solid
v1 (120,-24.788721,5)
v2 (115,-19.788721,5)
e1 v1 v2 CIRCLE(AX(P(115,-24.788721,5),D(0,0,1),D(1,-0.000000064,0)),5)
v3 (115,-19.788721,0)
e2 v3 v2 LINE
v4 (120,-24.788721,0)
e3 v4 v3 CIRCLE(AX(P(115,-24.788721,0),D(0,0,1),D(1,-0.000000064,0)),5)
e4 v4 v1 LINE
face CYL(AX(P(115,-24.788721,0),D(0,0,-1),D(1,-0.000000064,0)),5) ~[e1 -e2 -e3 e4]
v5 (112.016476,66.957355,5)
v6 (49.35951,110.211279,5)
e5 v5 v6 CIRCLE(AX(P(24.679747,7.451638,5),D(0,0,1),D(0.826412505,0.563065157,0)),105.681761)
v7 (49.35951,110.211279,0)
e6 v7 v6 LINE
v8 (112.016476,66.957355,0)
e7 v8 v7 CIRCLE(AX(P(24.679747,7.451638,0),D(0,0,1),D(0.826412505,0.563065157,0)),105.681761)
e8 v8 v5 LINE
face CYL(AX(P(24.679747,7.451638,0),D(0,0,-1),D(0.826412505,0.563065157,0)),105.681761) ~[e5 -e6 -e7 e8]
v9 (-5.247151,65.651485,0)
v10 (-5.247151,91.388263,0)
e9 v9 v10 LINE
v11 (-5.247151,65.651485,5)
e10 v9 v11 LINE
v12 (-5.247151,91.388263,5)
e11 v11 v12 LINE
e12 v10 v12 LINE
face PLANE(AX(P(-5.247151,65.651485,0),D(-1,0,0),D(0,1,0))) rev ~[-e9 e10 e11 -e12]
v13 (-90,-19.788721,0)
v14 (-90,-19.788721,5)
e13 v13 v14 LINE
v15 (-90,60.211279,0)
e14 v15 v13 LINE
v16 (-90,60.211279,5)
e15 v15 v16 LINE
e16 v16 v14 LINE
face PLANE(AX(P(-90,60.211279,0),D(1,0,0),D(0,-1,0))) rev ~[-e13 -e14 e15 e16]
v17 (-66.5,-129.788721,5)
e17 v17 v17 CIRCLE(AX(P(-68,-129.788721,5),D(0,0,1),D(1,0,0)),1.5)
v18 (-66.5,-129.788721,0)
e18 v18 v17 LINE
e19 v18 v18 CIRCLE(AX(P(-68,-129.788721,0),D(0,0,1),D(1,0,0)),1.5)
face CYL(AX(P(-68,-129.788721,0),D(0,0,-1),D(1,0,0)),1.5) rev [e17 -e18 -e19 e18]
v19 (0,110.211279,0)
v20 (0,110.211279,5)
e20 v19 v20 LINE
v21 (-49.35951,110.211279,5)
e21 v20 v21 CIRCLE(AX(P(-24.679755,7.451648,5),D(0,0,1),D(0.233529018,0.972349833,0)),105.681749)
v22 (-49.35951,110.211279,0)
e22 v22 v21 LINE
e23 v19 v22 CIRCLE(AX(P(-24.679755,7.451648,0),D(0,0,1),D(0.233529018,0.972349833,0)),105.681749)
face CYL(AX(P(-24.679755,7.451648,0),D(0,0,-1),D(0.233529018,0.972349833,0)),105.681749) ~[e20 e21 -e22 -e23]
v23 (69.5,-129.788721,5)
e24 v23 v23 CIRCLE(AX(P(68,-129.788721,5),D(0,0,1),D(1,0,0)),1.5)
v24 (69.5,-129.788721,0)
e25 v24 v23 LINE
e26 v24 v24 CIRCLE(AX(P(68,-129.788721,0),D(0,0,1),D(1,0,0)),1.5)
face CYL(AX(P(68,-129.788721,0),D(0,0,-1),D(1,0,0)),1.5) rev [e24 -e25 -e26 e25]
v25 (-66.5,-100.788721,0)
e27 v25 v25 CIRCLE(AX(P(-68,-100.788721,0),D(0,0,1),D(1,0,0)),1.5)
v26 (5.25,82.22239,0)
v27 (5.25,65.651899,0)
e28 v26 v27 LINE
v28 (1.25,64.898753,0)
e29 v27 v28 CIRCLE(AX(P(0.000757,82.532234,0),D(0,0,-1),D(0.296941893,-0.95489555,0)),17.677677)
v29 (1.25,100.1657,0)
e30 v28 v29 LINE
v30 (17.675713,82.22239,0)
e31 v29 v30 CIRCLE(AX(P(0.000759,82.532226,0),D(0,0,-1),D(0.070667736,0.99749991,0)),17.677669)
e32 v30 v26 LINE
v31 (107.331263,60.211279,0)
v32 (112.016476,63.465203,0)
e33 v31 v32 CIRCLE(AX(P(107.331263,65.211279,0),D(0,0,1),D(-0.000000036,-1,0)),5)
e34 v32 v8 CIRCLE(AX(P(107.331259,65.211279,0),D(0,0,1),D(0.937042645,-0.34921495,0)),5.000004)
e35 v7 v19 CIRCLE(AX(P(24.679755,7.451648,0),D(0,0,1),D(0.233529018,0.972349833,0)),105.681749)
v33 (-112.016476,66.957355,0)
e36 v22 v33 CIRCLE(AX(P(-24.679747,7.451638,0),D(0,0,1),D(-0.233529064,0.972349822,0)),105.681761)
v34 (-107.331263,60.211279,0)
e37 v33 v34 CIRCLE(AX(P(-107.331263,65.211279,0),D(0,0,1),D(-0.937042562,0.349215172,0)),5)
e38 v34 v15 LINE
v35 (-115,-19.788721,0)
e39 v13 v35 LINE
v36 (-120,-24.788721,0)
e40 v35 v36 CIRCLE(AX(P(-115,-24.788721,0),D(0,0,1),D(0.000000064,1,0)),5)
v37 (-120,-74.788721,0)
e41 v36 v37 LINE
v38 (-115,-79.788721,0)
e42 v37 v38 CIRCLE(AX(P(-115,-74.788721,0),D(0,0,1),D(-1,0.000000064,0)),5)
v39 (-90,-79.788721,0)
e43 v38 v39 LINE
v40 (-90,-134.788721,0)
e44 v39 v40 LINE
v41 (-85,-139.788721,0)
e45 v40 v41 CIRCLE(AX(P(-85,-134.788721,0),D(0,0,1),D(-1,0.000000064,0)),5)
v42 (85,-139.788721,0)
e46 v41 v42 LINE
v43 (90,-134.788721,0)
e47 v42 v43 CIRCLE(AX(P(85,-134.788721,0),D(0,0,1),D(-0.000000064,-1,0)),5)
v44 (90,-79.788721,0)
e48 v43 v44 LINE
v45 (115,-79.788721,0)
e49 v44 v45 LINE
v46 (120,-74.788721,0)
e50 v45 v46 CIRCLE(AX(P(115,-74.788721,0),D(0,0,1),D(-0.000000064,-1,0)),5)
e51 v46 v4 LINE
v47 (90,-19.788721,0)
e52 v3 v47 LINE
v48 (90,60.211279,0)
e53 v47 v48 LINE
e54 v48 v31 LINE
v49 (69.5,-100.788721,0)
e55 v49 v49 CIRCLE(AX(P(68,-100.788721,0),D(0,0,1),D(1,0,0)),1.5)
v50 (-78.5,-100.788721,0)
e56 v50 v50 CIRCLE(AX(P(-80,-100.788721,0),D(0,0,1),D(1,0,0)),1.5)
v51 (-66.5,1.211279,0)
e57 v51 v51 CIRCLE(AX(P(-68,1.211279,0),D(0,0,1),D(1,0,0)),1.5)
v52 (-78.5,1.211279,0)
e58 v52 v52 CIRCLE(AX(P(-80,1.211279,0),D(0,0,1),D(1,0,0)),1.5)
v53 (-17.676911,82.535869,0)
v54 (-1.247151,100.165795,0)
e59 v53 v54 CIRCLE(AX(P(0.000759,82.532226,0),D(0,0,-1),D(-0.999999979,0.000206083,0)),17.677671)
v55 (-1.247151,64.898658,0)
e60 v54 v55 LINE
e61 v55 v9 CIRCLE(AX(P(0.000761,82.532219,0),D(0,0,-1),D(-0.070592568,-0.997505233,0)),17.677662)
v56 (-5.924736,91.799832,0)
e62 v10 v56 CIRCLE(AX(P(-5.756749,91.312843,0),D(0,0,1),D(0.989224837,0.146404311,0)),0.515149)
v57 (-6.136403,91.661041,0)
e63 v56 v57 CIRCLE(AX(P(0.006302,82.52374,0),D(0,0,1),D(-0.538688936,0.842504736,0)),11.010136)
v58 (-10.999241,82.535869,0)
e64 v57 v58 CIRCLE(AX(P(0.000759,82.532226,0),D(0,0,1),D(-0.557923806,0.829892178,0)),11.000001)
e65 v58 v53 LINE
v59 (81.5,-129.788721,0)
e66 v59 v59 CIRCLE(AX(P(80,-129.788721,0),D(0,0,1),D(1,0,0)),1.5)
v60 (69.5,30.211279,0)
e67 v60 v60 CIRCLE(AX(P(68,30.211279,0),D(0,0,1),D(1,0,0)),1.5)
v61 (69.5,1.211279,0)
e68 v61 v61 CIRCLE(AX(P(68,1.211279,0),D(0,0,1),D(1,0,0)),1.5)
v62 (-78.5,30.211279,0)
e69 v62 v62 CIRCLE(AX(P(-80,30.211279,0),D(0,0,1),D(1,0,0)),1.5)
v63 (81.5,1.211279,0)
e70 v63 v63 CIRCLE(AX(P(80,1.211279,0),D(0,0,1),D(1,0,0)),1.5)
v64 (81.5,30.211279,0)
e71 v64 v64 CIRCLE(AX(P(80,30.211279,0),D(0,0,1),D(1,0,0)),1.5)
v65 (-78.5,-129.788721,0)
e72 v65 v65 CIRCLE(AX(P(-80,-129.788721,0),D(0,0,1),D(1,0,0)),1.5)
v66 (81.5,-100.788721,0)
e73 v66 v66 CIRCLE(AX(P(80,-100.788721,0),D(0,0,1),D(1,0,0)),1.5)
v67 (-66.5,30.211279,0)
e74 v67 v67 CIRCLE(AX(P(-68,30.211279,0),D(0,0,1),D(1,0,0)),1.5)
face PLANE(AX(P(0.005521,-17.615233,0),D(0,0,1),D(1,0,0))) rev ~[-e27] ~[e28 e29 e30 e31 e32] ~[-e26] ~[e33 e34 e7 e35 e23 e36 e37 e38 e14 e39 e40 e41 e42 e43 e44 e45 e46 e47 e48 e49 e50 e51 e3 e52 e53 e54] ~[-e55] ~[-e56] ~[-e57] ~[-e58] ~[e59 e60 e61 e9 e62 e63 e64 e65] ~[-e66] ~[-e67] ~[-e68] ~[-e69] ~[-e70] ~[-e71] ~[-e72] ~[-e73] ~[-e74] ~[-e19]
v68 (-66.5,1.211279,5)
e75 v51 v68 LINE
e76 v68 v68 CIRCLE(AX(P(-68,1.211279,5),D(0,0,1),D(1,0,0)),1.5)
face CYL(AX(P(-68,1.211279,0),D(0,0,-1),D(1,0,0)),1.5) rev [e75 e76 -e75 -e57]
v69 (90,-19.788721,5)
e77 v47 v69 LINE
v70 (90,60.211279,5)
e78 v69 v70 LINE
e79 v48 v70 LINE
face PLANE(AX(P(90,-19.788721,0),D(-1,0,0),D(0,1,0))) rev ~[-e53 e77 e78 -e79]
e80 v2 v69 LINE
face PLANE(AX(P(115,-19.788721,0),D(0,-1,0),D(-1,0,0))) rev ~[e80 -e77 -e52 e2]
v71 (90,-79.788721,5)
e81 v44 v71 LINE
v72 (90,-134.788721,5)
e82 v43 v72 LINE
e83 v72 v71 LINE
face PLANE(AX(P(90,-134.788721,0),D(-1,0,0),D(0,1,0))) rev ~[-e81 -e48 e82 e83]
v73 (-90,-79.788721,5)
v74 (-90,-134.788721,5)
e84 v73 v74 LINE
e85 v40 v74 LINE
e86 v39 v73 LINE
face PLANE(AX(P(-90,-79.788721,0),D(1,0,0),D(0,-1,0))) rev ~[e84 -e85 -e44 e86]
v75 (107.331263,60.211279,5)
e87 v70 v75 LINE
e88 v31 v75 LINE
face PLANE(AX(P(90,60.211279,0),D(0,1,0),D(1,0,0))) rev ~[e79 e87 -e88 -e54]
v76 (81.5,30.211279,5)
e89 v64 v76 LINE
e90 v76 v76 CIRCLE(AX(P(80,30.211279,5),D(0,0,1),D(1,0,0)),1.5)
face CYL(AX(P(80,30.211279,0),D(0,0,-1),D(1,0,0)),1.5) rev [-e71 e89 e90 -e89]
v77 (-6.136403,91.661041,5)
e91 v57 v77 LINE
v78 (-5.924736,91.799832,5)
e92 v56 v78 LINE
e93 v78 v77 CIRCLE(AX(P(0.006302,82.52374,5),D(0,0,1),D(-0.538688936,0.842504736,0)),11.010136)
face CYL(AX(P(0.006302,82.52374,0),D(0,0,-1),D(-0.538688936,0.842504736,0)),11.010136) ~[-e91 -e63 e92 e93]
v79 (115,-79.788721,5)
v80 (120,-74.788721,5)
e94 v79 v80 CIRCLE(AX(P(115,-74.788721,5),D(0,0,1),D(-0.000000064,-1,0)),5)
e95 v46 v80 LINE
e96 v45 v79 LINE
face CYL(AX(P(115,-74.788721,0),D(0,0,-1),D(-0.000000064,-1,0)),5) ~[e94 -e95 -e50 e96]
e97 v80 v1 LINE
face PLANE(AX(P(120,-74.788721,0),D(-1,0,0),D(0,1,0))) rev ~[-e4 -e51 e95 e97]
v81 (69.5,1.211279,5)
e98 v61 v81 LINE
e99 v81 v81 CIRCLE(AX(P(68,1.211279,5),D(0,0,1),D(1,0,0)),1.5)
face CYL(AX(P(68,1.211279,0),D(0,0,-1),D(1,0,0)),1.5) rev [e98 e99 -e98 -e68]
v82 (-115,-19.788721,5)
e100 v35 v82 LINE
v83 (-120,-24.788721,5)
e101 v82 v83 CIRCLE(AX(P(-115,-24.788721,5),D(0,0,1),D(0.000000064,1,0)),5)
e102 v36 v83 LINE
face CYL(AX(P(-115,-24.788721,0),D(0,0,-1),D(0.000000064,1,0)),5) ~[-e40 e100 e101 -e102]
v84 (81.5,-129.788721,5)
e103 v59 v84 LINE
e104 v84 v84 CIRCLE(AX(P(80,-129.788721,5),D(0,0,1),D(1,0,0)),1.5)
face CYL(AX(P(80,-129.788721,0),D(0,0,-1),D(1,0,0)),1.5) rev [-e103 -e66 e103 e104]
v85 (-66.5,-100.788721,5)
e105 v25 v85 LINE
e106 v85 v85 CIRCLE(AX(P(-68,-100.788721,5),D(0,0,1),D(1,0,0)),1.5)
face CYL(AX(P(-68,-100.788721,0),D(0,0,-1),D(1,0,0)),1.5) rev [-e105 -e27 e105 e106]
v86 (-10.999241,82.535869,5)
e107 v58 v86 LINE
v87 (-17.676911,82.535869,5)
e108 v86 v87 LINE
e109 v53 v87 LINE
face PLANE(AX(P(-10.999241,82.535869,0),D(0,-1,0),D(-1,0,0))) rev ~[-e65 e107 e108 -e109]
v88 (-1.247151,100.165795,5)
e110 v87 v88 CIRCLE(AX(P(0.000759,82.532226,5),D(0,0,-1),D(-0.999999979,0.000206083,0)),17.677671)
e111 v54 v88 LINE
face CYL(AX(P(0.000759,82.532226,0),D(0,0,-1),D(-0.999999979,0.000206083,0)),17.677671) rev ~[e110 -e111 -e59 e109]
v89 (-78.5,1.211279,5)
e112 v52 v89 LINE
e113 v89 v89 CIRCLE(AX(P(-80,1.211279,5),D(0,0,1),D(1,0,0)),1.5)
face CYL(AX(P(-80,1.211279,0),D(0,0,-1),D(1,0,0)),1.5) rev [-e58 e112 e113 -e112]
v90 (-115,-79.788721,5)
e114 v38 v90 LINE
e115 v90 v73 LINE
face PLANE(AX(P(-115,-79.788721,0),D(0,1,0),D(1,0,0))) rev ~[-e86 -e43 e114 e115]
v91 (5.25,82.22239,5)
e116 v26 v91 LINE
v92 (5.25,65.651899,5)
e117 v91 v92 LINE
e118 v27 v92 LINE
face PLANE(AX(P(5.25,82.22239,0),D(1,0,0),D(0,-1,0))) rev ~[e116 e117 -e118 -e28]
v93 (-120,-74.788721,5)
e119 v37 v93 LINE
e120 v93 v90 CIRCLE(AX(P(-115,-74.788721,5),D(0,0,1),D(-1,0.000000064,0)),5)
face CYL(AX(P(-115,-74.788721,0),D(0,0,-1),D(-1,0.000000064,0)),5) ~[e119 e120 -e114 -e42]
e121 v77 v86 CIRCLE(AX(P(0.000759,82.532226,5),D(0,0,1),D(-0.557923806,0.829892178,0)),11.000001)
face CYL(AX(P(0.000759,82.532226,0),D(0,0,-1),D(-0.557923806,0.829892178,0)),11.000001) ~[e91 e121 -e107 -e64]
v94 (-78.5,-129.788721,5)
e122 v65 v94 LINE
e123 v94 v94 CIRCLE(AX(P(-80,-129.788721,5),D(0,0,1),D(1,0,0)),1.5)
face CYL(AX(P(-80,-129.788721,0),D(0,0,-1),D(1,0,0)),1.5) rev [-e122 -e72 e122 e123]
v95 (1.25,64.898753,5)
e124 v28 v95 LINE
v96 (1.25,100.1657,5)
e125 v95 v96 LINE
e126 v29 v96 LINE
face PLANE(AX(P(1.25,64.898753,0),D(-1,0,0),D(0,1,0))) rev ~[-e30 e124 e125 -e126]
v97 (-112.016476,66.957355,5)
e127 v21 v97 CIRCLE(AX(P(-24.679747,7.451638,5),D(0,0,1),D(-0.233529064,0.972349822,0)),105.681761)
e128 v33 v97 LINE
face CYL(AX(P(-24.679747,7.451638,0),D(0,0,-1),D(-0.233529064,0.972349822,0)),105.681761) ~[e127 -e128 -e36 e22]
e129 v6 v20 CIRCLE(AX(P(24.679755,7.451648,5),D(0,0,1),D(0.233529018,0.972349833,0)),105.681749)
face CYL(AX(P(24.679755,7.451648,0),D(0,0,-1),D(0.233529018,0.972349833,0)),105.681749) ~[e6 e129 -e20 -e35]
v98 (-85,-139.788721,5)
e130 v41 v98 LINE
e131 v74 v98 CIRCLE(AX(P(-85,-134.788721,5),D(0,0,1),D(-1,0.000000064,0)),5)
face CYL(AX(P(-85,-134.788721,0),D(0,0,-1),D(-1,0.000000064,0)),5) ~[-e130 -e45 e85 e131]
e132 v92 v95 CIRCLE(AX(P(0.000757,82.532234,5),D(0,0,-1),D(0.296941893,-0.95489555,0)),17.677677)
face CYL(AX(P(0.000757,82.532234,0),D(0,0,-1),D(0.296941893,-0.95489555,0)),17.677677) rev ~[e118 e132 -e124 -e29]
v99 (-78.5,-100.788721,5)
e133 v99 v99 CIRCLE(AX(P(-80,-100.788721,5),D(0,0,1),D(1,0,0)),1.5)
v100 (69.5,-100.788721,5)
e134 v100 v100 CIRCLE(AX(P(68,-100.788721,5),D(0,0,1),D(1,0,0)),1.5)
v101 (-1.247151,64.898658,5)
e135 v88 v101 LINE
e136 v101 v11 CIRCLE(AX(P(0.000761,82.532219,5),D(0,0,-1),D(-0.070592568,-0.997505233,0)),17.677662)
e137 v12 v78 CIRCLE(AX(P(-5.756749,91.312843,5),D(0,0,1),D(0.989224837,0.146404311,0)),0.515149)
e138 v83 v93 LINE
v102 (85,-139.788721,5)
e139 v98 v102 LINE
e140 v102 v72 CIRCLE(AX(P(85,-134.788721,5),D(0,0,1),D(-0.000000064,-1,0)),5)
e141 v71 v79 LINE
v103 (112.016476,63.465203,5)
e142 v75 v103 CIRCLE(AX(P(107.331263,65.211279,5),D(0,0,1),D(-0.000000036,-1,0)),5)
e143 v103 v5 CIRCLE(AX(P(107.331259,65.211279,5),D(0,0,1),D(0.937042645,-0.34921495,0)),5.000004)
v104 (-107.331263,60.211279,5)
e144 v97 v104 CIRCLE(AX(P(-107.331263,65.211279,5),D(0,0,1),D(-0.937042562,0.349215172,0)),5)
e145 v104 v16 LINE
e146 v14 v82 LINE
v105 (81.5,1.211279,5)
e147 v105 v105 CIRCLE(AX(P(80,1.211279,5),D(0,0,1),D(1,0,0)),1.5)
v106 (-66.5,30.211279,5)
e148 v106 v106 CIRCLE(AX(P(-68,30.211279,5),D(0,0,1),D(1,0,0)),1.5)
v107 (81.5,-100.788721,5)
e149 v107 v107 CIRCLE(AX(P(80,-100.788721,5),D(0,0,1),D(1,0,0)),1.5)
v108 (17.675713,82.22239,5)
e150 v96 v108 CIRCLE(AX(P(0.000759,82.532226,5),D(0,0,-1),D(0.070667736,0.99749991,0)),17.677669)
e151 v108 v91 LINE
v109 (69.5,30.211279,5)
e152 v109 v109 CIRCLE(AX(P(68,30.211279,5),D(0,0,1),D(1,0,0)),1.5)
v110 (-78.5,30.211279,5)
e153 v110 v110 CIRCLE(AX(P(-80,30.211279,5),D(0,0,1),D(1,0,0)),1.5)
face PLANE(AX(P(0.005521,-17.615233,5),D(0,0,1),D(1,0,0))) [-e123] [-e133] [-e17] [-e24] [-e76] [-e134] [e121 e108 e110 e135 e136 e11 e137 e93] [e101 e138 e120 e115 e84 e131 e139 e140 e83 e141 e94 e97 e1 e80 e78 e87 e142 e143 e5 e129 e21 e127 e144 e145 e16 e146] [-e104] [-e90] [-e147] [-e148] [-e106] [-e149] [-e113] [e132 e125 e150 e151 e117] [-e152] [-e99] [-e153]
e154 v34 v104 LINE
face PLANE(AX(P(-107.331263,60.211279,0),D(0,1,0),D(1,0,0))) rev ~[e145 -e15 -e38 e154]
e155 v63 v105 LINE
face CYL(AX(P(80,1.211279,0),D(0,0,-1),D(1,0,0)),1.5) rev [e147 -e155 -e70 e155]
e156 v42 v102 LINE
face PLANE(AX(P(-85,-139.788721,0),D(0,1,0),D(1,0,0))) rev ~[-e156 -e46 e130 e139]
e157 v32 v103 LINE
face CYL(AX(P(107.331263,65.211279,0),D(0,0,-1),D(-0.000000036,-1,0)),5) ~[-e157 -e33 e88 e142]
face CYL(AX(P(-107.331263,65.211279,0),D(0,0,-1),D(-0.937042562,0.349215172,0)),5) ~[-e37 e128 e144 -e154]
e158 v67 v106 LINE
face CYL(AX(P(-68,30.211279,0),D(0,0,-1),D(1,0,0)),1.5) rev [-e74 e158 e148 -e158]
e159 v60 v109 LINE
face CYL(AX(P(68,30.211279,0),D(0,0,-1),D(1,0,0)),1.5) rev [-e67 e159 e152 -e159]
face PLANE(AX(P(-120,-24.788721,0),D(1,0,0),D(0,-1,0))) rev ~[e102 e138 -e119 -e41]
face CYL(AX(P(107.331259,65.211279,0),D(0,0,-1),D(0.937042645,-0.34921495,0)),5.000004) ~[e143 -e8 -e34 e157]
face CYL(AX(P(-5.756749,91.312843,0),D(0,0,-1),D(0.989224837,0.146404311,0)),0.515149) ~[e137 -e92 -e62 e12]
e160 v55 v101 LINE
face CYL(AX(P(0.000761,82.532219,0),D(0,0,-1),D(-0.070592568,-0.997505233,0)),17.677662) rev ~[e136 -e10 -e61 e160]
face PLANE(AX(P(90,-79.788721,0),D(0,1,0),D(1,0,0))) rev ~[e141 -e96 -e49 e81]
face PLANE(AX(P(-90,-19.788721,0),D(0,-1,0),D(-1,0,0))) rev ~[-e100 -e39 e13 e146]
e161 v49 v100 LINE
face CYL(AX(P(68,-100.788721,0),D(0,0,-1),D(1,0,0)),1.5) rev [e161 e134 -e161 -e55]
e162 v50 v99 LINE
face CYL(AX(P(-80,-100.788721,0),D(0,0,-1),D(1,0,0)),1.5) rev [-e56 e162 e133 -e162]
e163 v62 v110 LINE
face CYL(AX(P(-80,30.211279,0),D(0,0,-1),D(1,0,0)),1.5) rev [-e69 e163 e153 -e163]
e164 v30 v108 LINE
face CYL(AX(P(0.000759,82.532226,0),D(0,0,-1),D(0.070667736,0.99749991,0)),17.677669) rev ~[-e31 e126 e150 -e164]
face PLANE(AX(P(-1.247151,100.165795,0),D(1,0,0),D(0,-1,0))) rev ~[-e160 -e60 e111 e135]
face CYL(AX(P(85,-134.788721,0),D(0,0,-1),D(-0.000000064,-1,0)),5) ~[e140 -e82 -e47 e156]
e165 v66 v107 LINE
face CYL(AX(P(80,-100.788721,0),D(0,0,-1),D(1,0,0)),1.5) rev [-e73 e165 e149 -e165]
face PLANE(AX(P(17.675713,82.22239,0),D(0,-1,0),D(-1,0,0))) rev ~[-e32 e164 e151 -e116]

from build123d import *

# Parameters (mm, degrees)
F0_R     = 1.5
F1_DEPTH = 5


with BuildPart() as f1:
    # F0 (on Top) → F1 (new body)
    with BuildSketch(Plane.XY):
        with BuildLine():
            Line((-85, -139.788721), (0, -139.788721))
            Line((0, -139.788721), (85, -139.788721))
            ThreePointArc((85, -139.788721), (88.535534, -138.324255), (90, -134.788721))
            Line((90, -134.788721), (90, -79.788721))
            Line((90, -79.788721), (115, -79.788721))
            ThreePointArc((115, -79.788721), (118.535534, -78.324255), (120, -74.788721))
            Line((120, -74.788721), (120, -24.788721))
            ThreePointArc((120, -24.788721), (118.535534, -21.253187), (115, -19.788721))
            Line((115, -19.788721), (90, -19.788721))
            Line((90, -19.788721), (90, 60.211279))
            Line((90, 60.211279), (107.331263, 60.211279))
            ThreePointArc((107.331263, 60.211279), (110.183422, 61.104554), (112.016476, 63.465203))
            Line((112.016476, 63.465203), (112.016476, 66.957355))
            ThreePointArc((112.016476, 66.957355), (84.718477, 94.422814), (49.35951, 110.211279))
            Line((49.35951, 110.211279), (0, 110.211279))
            Line((0, 110.211279), (-49.35951, 110.211279))
            ThreePointArc((-49.35951, 110.211279), (-84.718477, 94.422814), (-112.016476, 66.957355))
            ThreePointArc((-112.016476, 66.957355), (-111.437988, 62.35912), (-107.331263, 60.211279))
            Line((-107.331263, 60.211279), (-90, 60.211279))
            Line((-90, 60.211279), (-90, -19.788721))
            Line((-90, -19.788721), (-115, -19.788721))
            ThreePointArc((-115, -19.788721), (-118.535534, -21.253187), (-120, -24.788721))
            Line((-120, -24.788721), (-120, -74.788721))
            ThreePointArc((-120, -74.788721), (-118.535534, -78.324255), (-115, -79.788721))
            Line((-115, -79.788721), (-90, -79.788721))
            Line((-90, -79.788721), (-90, -134.788721))
            ThreePointArc((-90, -134.788721), (-88.535534, -138.324255), (-85, -139.788721))
        make_face()
        with Locations((-80, -129.788721)):
            Circle(F0_R, mode=Mode.SUBTRACT)
        with Locations((-68, -129.788721)):
            Circle(F0_R, mode=Mode.SUBTRACT)
        with Locations((-80, -100.788721)):
            Circle(F0_R, mode=Mode.SUBTRACT)
        with Locations((-68, -100.788721)):
            Circle(F0_R, mode=Mode.SUBTRACT)
        with Locations((68, -129.788721)):
            Circle(F0_R, mode=Mode.SUBTRACT)
        with Locations((80, -129.788721)):
            Circle(F0_R, mode=Mode.SUBTRACT)
        with Locations((68, -100.788721)):
            Circle(F0_R, mode=Mode.SUBTRACT)
        with Locations((80, -100.788721)):
            Circle(F0_R, mode=Mode.SUBTRACT)
        with Locations((-80, 1.211279)):
            Circle(F0_R, mode=Mode.SUBTRACT)
        with Locations((-68, 1.211279)):
            Circle(F0_R, mode=Mode.SUBTRACT)
        with Locations((-80, 30.211279)):
            Circle(F0_R, mode=Mode.SUBTRACT)
        with Locations((-68, 30.211279)):
            Circle(F0_R, mode=Mode.SUBTRACT)
        with BuildLine():
            ThreePointArc((-17.676911, 82.535869), (-12.931679, 94.584283), (-1.247151, 100.165795))
            Line((-1.247151, 100.165795), (-1.247151, 82.535869))
            Line((-1.247151, 82.535869), (-1.247151, 65.032226))
            Line((-1.247151, 65.032226), (-1.247151, 64.898658))
            ThreePointArc((-1.247151, 64.898658), (-3.26889, 65.159564), (-5.247151, 65.651485))
            Line((-5.247151, 65.651485), (-5.247151, 91.23742))
            Line((-5.247151, 91.23742), (-5.247151, 91.388263))
            ThreePointArc((-5.247151, 91.388263), (-5.489313, 91.753134), (-5.924736, 91.799832))
            ThreePointArc((-5.924736, 91.799832), (-6.030968, 91.731045), (-6.136403, 91.661041))
            ThreePointArc((-6.136403, 91.661041), (-9.706855, 87.70545), (-10.999241, 82.535869))
            Line((-10.999241, 82.535869), (-17.676911, 82.535869))
        make_face(mode=Mode.SUBTRACT)
        with Locations((68, 1.211279)):
            Circle(F0_R, mode=Mode.SUBTRACT)
        with Locations((80, 1.211279)):
            Circle(F0_R, mode=Mode.SUBTRACT)
        with Locations((68, 30.211279)):
            Circle(F0_R, mode=Mode.SUBTRACT)
        with Locations((80, 30.211279)):
            Circle(F0_R, mode=Mode.SUBTRACT)
        with BuildLine():
            Line((17.675713, 82.22239), (5.25, 82.22239))
            Line((5.25, 82.22239), (5.25, 65.651899))
            ThreePointArc((5.25, 65.651899), (3.271749, 65.159817), (1.25, 64.898753))
            Line((1.25, 64.898753), (1.25, 65.032226))
            Line((1.25, 65.032226), (1.25, 82.532226))
            Line((1.25, 82.532226), (1.25, 100.1657))
            ThreePointArc((1.25, 100.1657), (13.040003, 94.468646), (17.675713, 82.22239))
        make_face(mode=Mode.SUBTRACT)
        with BuildLine():
            Line((112.016476, 66.957355), (112.016476, 63.465203))
            ThreePointArc((112.016476, 63.465203), (112.331263, 65.211279), (112.016476, 66.957355))
        make_face()
        with BuildLine():
            ThreePointArc((0, 110.211279), (-24.679755, 113.133397), (-49.35951, 110.211279))
            Line((-49.35951, 110.211279), (0, 110.211279))
        make_face()
        with BuildLine():
            ThreePointArc((49.35951, 110.211279), (24.679755, 113.133397), (0, 110.211279))
            Line((0, 110.211279), (49.35951, 110.211279))
        make_face()
    extrude(amount=F1_DEPTH)


solid = f1.part
